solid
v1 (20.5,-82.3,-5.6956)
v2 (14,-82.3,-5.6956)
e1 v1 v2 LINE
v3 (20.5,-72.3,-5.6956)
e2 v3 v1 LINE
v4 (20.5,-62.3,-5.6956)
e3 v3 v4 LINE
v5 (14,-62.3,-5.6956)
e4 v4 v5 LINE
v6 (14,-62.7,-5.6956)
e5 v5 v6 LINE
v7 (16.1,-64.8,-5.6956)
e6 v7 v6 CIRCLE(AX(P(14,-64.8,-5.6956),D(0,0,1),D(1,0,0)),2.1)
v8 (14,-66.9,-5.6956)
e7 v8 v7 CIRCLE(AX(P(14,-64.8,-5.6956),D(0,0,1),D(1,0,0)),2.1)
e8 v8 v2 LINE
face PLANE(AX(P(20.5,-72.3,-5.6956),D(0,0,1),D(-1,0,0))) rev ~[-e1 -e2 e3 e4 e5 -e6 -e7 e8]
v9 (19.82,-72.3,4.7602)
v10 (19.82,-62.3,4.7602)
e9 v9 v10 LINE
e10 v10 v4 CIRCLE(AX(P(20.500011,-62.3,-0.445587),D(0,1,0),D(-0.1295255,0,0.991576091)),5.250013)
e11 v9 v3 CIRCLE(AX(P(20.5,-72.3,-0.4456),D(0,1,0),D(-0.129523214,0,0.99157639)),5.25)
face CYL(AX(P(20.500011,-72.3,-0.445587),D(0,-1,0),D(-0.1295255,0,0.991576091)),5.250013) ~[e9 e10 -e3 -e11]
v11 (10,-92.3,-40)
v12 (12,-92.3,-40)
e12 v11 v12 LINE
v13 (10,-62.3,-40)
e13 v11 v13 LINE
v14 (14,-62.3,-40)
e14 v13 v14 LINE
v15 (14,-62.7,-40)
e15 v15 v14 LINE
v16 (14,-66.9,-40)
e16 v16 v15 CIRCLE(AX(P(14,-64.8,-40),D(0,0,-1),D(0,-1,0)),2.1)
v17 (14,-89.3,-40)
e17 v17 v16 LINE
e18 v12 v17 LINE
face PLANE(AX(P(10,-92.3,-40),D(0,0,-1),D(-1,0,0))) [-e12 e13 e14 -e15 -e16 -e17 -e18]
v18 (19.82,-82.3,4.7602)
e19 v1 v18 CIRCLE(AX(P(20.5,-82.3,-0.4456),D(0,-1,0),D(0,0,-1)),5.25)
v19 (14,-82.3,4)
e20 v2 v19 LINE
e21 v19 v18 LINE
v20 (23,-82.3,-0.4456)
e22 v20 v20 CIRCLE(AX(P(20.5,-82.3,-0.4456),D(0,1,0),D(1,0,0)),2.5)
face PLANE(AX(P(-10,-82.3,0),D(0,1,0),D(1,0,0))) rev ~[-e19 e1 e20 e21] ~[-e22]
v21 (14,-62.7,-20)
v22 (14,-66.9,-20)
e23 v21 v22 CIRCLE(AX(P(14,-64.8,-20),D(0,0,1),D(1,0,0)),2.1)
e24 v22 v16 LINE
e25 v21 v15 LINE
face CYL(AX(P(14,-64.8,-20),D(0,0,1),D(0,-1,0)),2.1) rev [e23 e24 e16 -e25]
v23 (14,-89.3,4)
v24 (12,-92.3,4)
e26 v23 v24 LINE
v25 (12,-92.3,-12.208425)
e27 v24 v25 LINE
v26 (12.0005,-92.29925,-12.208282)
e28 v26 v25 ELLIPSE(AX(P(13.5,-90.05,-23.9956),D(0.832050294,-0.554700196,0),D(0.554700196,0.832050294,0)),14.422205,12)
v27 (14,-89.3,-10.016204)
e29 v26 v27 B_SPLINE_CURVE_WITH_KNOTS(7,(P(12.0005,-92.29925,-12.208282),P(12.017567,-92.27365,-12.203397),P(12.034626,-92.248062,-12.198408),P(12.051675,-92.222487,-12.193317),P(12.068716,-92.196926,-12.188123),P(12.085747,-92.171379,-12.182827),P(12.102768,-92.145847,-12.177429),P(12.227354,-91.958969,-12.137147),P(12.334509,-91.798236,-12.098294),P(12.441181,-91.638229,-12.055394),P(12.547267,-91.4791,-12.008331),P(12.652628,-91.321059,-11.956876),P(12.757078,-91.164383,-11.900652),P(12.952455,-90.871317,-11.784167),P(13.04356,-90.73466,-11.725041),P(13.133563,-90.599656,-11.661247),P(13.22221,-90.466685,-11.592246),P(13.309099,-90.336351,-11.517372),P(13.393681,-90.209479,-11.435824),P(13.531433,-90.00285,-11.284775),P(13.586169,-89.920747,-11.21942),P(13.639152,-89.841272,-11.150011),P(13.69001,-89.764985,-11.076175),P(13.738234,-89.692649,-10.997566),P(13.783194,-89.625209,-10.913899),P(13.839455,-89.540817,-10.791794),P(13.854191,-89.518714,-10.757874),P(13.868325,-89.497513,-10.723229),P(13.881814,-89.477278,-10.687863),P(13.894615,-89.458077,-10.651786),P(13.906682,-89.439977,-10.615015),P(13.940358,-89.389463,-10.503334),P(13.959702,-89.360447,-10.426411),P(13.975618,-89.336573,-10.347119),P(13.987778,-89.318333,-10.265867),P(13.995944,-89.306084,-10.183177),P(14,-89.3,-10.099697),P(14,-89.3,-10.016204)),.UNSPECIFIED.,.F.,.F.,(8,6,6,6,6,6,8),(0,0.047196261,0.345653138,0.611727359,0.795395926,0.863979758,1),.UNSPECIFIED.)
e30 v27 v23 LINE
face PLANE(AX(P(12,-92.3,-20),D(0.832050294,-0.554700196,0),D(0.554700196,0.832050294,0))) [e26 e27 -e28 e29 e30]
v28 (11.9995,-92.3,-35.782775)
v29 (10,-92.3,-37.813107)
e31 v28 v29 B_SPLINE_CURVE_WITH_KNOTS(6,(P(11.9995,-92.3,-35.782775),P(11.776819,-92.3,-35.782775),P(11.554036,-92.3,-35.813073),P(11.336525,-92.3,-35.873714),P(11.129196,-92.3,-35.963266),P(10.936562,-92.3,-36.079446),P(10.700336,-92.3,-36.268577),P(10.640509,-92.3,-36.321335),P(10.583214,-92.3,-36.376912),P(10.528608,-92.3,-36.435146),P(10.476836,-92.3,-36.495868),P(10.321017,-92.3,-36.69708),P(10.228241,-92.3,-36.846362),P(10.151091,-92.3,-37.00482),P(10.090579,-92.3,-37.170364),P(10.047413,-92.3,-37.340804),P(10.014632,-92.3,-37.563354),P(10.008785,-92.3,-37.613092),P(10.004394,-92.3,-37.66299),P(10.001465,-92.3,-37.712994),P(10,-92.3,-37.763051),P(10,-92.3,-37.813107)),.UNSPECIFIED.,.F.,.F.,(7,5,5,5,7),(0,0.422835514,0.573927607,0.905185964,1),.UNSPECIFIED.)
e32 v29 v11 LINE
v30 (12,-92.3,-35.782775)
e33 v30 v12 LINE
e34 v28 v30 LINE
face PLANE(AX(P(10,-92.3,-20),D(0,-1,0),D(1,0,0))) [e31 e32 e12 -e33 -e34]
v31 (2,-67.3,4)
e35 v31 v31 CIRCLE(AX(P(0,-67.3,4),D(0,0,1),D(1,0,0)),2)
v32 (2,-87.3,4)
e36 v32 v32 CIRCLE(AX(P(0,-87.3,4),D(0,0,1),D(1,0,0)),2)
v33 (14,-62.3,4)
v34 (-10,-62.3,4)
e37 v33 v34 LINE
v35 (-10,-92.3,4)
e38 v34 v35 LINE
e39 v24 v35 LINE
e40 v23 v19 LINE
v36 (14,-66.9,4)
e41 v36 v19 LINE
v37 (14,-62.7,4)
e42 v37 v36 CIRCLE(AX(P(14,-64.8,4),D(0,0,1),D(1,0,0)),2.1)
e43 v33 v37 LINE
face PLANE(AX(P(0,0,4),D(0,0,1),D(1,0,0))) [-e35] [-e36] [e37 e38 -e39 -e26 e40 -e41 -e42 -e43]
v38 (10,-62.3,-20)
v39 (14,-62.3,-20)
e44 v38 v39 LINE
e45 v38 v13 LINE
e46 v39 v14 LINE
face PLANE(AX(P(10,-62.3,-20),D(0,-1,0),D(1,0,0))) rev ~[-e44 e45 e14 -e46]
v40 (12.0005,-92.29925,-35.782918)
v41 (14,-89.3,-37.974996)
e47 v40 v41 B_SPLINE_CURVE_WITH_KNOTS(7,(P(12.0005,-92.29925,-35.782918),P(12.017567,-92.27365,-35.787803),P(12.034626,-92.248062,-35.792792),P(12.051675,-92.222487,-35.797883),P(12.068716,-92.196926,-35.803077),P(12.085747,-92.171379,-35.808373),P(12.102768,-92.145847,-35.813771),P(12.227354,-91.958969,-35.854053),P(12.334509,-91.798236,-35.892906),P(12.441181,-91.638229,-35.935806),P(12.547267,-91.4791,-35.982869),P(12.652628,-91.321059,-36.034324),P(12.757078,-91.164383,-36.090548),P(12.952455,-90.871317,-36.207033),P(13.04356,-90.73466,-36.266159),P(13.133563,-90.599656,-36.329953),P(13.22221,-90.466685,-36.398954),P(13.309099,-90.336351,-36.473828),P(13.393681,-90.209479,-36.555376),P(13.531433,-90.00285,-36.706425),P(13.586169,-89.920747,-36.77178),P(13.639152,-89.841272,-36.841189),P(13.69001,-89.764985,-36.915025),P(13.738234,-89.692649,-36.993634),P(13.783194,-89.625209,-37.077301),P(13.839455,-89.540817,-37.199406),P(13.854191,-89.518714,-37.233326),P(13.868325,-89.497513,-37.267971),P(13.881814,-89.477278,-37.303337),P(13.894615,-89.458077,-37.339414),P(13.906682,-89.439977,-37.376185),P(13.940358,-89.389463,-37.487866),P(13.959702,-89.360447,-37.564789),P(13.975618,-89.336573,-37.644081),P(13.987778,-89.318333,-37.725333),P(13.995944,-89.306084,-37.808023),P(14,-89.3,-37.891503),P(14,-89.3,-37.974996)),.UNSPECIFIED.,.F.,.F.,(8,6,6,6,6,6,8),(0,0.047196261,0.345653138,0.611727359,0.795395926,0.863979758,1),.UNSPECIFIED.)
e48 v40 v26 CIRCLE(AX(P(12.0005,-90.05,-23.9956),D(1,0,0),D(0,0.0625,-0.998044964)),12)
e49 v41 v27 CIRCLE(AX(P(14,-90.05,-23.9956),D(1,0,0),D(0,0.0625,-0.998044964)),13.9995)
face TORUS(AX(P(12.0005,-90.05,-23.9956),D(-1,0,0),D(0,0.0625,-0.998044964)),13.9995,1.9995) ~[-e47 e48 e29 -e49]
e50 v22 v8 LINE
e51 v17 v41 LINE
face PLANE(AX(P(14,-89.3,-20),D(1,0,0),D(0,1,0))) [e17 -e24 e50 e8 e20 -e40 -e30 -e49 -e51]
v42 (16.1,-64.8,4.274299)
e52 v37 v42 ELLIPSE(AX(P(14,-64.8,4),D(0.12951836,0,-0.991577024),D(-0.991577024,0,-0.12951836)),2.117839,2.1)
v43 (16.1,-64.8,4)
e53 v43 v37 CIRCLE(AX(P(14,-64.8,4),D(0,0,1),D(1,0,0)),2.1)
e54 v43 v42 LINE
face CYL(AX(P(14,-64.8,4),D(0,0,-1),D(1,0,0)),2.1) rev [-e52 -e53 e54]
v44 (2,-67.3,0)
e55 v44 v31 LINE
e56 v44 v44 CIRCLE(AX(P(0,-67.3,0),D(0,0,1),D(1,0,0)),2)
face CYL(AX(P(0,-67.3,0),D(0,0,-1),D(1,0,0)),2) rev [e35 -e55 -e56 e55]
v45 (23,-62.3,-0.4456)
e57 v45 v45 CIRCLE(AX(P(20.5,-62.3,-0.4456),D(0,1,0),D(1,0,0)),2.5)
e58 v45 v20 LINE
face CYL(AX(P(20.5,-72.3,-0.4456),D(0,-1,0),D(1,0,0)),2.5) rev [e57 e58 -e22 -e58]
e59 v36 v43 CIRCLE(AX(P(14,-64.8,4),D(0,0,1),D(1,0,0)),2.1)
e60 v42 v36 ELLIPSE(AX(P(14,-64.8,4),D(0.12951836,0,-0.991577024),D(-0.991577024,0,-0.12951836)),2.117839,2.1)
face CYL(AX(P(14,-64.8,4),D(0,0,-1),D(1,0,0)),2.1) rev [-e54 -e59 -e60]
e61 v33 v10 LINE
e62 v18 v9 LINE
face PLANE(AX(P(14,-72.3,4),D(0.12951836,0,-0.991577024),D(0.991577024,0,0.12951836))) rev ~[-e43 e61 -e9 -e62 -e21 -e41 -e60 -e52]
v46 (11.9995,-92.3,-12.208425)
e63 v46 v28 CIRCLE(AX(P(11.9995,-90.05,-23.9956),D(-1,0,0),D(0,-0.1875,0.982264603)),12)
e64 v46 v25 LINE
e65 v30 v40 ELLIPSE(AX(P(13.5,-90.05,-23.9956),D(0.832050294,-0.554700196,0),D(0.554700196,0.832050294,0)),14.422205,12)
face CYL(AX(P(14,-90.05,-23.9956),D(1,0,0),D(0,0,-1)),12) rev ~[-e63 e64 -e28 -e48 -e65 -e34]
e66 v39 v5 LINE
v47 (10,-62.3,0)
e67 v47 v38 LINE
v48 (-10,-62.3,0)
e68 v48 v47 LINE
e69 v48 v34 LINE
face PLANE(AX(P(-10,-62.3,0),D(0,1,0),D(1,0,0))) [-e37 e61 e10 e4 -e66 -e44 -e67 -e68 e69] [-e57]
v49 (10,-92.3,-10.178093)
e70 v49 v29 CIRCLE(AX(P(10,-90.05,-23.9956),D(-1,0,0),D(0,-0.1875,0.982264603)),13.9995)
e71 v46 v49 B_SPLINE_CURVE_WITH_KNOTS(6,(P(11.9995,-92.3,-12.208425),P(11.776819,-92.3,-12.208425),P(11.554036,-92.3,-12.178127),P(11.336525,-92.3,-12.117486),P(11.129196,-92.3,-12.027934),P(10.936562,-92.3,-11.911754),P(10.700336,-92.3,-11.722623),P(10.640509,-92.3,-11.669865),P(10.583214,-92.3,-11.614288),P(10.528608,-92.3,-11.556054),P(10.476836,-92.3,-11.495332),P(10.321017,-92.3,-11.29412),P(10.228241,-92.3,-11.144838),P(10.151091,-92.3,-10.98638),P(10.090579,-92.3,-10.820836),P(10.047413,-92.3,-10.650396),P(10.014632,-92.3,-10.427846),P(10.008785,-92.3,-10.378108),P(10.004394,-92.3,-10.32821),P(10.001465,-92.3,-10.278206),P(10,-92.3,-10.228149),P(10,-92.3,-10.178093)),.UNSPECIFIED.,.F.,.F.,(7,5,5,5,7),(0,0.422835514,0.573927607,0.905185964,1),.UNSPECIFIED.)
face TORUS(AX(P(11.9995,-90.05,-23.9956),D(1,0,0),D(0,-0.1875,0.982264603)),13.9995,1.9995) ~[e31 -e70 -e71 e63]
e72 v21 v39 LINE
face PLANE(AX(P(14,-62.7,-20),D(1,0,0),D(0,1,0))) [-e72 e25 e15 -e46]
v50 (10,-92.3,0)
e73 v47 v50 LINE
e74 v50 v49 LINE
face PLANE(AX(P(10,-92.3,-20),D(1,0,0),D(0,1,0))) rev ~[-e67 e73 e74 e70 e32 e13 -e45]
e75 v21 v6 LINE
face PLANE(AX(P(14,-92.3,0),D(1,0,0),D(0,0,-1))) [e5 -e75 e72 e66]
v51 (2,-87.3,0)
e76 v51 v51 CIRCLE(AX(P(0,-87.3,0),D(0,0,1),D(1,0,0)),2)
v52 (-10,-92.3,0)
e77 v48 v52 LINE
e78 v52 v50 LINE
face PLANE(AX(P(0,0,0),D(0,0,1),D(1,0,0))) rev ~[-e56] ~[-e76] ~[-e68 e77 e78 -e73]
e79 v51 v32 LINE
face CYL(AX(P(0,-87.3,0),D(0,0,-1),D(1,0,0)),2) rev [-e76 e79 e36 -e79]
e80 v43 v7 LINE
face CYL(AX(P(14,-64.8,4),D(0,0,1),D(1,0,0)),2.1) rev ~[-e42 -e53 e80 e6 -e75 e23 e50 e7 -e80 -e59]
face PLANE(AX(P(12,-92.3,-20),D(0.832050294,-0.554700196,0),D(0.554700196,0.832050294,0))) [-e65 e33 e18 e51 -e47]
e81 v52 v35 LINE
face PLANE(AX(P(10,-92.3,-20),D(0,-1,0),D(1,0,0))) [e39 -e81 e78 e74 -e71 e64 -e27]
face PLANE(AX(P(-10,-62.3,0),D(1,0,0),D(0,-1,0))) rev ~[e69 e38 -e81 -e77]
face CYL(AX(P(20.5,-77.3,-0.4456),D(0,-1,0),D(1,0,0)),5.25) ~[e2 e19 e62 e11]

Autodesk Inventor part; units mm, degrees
ref_plane "YZ Plane" through (0, 0, 0) normal (1, 0, 0) x (0, 1, 0)
ref_plane "XZ Plane" through (0, 0, 0) normal (0, 1, 0) x (-1, 0, 0)
sketch "Sketch1" plane through (0, 0, 0) normal (0, 0, 1) x (1, 0, 0)
  line L0 (10, 0) -> (10, -500) projected
  line L1 (-10, 0) -> (-10, -500) projected
  line L2 (13.8571, -62.3) -> (-6.0929, -62.3) projected
  line L3 (10, -62.3) -> (-10, -62.3)
  line L4 (-10, -62.3) -> (-10, -92.3)
  line L5 (-10, -92.3) -> (10, -92.3)
  line L6 (10, -92.3) -> (10, -62.3)
  circle A0 centre (0, -87.3) radius 2
  circle A1 centre (0, -67.3) radius 2
  point P0 (0, 0)
  dimension "d0" = 30
  dimension "d1" = 4
  dimension "d2" = 4
  dimension "d3" = 5
  dimension "d4" = 5
extrude "Extrusion1" add sketch "Sketch1" along normal blind 4
ref_plane "Work Plane1" through (-10, -77.3, 0) normal (0, 1, 0) x (1, 0, 0)
sketch "Sketch3" plane through (10, -92.3, 0) normal (1, 0, 0) x (0, 0, -1)
  line L0 (0, 0) -> (0, 30) projected
  line L1 (0, 30) -> (-4, 30) projected
  line L2 (-4, 0) -> (-4, 30) projected
  line L3 (0, 0) -> (-4, 0) projected
  line L4 (0, 0) -> (0, 30) projected
  line L5 (0, 0) -> (20, 0)
  line L6 (20, 0) -> (20, 30)
  line L7 (20, 30) -> (0, 30)
  line L8 (0, 30) -> (0, 0)
  circle A0 centre (10, 25) radius 2
  circle A1 centre (10, 5) radius 2
  point P0 (0, 92.3)
  dimension "d12" = 20
  dimension "d13" = 4
  dimension "d14" = 4
  dimension "d15" = 5
  dimension "d16" = 5
extrude "Extrusion3" add sketch "Sketch3" along normal blind 4 contours L3 L2 L1 L0 | L0 L7 L6 L5 | A0 | A1
sketch "Sketch2" plane through (-10, -77.3, 0) normal (0, 1, 0) x (1, 0, 0)
  line L0 (20, -4) -> (0, -4) projected
  line L1 (20, 0) -> (0, 0) projected
  line L2 (0, 0) -> (0, -4) projected
  line L3 (0, -4) -> (24, -4) projected
  line L4 (24, 20) -> (24, -4) projected
  line L5 (20, 20) -> (24, 20) projected
  line L6 (20, 20) -> (20, 0) projected
  line L7 (24, -4) -> (24, 20) projected
  circle A0 centre (30.5, 0.4456) radius 2.5
  circle A1 centre (30.5, 0.4456) radius 5.25
  line L8 (24, 20) -> (34.8957, 3.3163)
  line L9 (24, -4) -> (29.82, -4.7602)
  line L10 (30.5, 5.6956) -> (24, 5.6956)
  point P0 (10, 0)
  point P1 (24, 0.4456)
  dimension "d26" = 5
  dimension "d27" = 2.75
  dimension "d29" = 4.4456
  dimension "d30" = 6.5
  dimension "d50" = 10.5
extrude "Extrusion2" add sketch "Sketch2" along normal mid plane 10 contours L4 L10 A1 L9 | A1
sketch "Sketch4" plane through (-10, -72.3, 0) normal (0, 1, 0) x (1, 0, 0)
  line L0 (23.958, -4) -> (24, -4) projected
  line L1 (24, -4) -> (24, -8.9113)
  arc A0 (29.82, -4.7602) -> (30.5, 5.6956) centre (30.5, 0.4456) ccw projected
  circle A1 centre (30.5, 0.4456) radius 2.5 projected
  line L2 (30.5, 5.6956) -> (24, 5.6956) projected
  line L3 (24, -4) -> (24, 5.6956) projected
  line L4 (24, -4) -> (29.82, -4.7602) projected
  point P0 (10, 0)
  point P1 (0, -4)
  point P2 (24, -4.0444)
extrude "Extrusion4" add sketch "Sketch4" along normal blind 10
fillet "Fillet1" [suppressed]
sketch "Sketch5" plane through (-10, -62.3, 4) normal (0, 1, 0) x (1, 0, 0)
  circle A0 centre (30.5, 4.4456) radius 2.5 projected
  line L0 (20, 24) -> (22, 44)
  line L1 (22, 44) -> (24, 44)
  line L2 (24, 44) -> (21.9516, 23.5162)
  line L3 (20, 24) -> (24, 24) projected
  point P0 (10, 4)
  point P1 (22, 24)
  dimension "d38" = 2
  dimension "d39" = 6.5
  dimension "d40" = 20
extrude "Extrusion5" [suppressed]
fillet "Fillet2" [suppressed]
sketch "Sketch6" plane through (0, 0, 4) normal (0, 0, 1) x (1, 0, 0)
  circle A0 centre (14, -64.8) radius 2.1
  line L0 (25.7065, -62.3) -> (14, -62.3) projected
  line L1 (10, -92.3) -> (10, -62.3) projected
  line L2 (18, -62.3) -> (18, -82.3) projected
  line L3 (23, -62.3) -> (23, -96.3)
  line L4 (19.3, -67.6) -> (49.3, -67.6) projected
  line L5 (19.45, -67.3) -> (49.45, -67.3) projected
  point P0 (0, 0)
  dimension "d42" = 4.2
  dimension "d43" = 2.5
  dimension "d44" = 4
extrude "Extrusion6" cut sketch "Sketch6" along normal mid plane 100
chamfer "Chamfer1" distance 3 distance2 2 1 edges at (14, -92.3, -8) measured on face at (14, -80.5, -15.2319)
sketch "Sketch7" plane through (10, -92.3, -20) normal (0, 0, -1) x (-1, 0, 0)
  line L0 (-2, 0) -> (-4, 3) projected
  line L1 (0, 0) -> (-2, 0) projected
  line L2 (0, 0) -> (0, 30) projected
  line L3 (0, 30) -> (-4, 30) projected
  line L4 (-4, 29.6) -> (-4, 30) projected
  arc A0 (-4, 25.4) -> (-4, 29.6) centre (-4, 27.5) ccw projected
  line L5 (-4, 3) -> (-4, 25.4) projected
  point P0 (10, 92.3)
extrude "Extrusion7" add sketch "Sketch7" along normal blind 20
sketch "Sketch8" plane through (14, -92.3, 0) normal (1, 0, 0) x (0, 0, -1)
  line L0 (2.9456, 30) -> (2.9456, 10) projected
  line L1 (-2.0544, 30) -> (-2.0544, 10) projected
  circle A0 centre (23.9956, 2.25) radius 12
  line L2 (5.6956, 10) -> (-4, 10) projected
  point P0 (0, 92.3)
  point P1 (0.4456, 12.1254)
  dimension "d53" = 5
  dimension "d54" = 2.5
  dimension "d55" = 24
  dimension "d56" = 7.75
  dimension "d57" = 23.55
extrude "Extrusion8" cut sketch "Sketch8" against normal blind 10
fillet "Fillet3" radius 2 2 edges at (10, -78.05, -23.9956) (14, -78.05, -23.9956)
equation "\"d16\" = d15"
equation "\"d54\" = 0.5 * d53"
equation "\"d7\" = -0.5 * d0"
properties part number "tool dock" material "Polycarbonate, Clear"
